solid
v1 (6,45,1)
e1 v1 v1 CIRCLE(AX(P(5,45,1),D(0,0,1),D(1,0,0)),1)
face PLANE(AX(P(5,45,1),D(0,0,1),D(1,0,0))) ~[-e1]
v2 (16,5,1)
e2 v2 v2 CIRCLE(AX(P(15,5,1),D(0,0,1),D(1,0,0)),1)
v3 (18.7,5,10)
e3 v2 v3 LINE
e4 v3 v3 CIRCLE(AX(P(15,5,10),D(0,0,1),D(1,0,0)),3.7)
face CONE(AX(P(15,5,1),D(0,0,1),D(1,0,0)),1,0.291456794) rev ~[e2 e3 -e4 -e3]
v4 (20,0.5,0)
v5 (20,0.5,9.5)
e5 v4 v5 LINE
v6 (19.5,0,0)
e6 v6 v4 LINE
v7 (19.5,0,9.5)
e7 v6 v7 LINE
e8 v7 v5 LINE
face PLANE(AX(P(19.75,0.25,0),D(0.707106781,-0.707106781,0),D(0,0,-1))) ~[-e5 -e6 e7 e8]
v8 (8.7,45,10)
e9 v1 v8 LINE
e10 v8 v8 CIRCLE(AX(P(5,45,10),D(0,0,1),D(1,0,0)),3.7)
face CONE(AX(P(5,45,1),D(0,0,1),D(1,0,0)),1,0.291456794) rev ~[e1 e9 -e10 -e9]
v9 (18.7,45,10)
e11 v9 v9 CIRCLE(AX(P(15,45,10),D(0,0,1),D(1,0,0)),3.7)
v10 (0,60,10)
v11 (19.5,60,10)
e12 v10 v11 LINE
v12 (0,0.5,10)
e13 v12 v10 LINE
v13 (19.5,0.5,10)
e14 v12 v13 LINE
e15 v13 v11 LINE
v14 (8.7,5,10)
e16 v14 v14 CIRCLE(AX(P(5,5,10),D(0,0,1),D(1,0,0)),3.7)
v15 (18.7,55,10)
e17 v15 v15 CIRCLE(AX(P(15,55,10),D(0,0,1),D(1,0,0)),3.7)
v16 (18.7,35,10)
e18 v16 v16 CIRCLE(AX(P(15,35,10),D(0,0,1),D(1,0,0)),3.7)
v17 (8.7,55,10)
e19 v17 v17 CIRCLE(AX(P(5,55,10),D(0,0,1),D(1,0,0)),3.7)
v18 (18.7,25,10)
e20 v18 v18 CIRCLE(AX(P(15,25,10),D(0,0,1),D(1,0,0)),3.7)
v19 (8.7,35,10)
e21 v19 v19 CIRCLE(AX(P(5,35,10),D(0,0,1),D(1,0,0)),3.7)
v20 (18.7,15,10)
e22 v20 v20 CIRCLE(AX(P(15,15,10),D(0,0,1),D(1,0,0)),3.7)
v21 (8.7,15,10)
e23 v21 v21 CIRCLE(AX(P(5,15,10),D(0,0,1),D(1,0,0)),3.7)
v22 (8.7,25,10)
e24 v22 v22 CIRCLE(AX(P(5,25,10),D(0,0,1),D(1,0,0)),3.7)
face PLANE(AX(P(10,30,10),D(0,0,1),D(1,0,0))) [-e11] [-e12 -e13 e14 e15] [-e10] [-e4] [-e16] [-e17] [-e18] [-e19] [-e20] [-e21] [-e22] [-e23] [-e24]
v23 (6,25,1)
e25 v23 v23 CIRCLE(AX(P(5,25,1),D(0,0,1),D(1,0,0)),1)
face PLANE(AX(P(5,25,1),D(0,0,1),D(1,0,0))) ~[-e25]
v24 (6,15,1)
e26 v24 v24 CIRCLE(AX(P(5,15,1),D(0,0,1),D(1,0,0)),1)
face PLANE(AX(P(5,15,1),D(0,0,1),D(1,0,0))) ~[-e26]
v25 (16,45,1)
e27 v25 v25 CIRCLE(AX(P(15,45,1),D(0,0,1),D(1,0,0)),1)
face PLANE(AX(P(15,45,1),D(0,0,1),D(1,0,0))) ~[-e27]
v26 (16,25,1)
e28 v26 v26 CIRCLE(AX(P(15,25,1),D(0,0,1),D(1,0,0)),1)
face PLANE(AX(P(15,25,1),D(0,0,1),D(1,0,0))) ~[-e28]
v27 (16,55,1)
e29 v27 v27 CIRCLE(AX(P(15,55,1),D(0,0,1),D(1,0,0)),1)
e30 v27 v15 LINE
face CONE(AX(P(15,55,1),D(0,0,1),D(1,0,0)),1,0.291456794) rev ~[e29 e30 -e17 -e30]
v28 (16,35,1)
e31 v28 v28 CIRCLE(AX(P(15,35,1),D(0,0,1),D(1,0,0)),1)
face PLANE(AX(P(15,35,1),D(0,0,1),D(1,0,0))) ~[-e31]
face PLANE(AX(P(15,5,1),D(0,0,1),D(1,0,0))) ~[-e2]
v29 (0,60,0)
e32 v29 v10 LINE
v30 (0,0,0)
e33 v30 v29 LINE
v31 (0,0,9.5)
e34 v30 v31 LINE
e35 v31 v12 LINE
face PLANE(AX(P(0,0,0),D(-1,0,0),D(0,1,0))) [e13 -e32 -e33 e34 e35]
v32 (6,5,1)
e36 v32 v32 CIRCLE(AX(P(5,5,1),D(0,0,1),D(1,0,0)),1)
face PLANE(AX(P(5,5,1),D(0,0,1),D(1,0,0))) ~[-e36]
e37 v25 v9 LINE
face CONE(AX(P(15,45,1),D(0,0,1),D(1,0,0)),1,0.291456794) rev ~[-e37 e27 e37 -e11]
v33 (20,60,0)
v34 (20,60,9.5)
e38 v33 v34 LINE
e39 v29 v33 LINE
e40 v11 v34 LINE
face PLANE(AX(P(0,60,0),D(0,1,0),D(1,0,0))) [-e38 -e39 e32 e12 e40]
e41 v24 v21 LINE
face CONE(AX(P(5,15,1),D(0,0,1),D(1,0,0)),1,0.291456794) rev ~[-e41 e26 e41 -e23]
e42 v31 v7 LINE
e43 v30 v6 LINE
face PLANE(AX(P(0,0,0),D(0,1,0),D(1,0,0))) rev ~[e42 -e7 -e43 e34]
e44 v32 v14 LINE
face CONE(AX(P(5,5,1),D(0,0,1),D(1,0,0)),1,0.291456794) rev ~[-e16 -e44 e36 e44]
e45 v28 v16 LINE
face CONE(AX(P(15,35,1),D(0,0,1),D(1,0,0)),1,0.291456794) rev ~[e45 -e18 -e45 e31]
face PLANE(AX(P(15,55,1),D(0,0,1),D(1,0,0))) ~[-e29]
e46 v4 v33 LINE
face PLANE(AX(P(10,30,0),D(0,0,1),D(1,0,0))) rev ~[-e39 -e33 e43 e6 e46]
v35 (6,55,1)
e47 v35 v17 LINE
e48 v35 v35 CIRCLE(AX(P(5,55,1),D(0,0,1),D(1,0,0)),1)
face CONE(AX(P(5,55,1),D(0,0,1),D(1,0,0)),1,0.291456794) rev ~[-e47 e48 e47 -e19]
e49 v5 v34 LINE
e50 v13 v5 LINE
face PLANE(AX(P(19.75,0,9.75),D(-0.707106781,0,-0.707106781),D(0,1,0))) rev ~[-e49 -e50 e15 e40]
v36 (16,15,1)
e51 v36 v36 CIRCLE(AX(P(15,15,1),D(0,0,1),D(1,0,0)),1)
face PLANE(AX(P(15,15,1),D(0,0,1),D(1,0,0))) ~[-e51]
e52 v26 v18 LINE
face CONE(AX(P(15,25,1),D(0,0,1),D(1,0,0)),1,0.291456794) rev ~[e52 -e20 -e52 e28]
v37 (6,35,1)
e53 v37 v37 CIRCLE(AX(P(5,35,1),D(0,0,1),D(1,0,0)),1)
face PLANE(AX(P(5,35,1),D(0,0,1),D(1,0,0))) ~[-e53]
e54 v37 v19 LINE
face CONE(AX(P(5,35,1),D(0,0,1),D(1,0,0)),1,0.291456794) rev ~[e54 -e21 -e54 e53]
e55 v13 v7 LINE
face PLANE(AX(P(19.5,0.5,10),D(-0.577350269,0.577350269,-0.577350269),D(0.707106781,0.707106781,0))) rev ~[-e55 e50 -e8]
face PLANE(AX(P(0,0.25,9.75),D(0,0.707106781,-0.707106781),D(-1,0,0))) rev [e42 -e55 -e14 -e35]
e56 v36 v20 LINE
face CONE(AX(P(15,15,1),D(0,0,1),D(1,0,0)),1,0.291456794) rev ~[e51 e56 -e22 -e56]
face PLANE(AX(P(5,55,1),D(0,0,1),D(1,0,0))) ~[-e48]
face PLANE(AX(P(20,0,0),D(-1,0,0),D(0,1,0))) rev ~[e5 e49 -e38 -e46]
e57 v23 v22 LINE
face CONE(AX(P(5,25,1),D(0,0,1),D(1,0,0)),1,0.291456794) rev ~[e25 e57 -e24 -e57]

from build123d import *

# Parameters (mm, degrees)
ARRAY_X_COUNT = 2
ARRAY_X_PITCH = 10
ARRAY_Y_COUNT = 6
ARRAY_Y_PITCH = 10
BOX_W         = 20
BOX_H         = 60
BOX_DEPTH     = 10
CHAMFER_SIZE  = 0.5


with BuildPart() as array:
    # Cone → Cone (revolve)
    with BuildSketch(Plane(origin=(5, 5, 1), x_dir=(1, 0, 0), z_dir=(0, -1, 0))):
        Polygon((0, 0), (1, 0), (4, 10), (0, 10), align=None)
    revolve(axis=Axis((5, 5, 1), (0, 0, 1)))

    # Array X: Array ×2


with BuildPart() as array_1:
    add(array.part)
    with Locations(*[(i * ARRAY_X_PITCH, 0, 0) for i in range(1, ARRAY_X_COUNT)]):
        add(array.part)

    # Array Y: Array ×6


with BuildPart() as array_2:
    add(array_1.part)
    with Locations(*[(0, i * ARRAY_Y_PITCH, 0) for i in range(1, ARRAY_Y_COUNT)]):
        add(array_1.part)


with BuildPart() as chamfer_body:
    # Box → Box (new body)
    with BuildSketch(Plane.XY):
        with Locations((10, 30)):
            Rectangle(BOX_W, BOX_H)
    extrude(amount=BOX_DEPTH)

    # Cut: cut Array
    add(array_2.part, mode=Mode.SUBTRACT)

    # Chamfer
    chamfer_edges = [chamfer_body.edges().sort_by_distance(p)[0] for p in [
        (20, 0, 5),
        (10, 0, 10),
        (20, 30, 10),
    ]]
    chamfer(chamfer_edges, length=CHAMFER_SIZE)


solid = chamfer_body.part
